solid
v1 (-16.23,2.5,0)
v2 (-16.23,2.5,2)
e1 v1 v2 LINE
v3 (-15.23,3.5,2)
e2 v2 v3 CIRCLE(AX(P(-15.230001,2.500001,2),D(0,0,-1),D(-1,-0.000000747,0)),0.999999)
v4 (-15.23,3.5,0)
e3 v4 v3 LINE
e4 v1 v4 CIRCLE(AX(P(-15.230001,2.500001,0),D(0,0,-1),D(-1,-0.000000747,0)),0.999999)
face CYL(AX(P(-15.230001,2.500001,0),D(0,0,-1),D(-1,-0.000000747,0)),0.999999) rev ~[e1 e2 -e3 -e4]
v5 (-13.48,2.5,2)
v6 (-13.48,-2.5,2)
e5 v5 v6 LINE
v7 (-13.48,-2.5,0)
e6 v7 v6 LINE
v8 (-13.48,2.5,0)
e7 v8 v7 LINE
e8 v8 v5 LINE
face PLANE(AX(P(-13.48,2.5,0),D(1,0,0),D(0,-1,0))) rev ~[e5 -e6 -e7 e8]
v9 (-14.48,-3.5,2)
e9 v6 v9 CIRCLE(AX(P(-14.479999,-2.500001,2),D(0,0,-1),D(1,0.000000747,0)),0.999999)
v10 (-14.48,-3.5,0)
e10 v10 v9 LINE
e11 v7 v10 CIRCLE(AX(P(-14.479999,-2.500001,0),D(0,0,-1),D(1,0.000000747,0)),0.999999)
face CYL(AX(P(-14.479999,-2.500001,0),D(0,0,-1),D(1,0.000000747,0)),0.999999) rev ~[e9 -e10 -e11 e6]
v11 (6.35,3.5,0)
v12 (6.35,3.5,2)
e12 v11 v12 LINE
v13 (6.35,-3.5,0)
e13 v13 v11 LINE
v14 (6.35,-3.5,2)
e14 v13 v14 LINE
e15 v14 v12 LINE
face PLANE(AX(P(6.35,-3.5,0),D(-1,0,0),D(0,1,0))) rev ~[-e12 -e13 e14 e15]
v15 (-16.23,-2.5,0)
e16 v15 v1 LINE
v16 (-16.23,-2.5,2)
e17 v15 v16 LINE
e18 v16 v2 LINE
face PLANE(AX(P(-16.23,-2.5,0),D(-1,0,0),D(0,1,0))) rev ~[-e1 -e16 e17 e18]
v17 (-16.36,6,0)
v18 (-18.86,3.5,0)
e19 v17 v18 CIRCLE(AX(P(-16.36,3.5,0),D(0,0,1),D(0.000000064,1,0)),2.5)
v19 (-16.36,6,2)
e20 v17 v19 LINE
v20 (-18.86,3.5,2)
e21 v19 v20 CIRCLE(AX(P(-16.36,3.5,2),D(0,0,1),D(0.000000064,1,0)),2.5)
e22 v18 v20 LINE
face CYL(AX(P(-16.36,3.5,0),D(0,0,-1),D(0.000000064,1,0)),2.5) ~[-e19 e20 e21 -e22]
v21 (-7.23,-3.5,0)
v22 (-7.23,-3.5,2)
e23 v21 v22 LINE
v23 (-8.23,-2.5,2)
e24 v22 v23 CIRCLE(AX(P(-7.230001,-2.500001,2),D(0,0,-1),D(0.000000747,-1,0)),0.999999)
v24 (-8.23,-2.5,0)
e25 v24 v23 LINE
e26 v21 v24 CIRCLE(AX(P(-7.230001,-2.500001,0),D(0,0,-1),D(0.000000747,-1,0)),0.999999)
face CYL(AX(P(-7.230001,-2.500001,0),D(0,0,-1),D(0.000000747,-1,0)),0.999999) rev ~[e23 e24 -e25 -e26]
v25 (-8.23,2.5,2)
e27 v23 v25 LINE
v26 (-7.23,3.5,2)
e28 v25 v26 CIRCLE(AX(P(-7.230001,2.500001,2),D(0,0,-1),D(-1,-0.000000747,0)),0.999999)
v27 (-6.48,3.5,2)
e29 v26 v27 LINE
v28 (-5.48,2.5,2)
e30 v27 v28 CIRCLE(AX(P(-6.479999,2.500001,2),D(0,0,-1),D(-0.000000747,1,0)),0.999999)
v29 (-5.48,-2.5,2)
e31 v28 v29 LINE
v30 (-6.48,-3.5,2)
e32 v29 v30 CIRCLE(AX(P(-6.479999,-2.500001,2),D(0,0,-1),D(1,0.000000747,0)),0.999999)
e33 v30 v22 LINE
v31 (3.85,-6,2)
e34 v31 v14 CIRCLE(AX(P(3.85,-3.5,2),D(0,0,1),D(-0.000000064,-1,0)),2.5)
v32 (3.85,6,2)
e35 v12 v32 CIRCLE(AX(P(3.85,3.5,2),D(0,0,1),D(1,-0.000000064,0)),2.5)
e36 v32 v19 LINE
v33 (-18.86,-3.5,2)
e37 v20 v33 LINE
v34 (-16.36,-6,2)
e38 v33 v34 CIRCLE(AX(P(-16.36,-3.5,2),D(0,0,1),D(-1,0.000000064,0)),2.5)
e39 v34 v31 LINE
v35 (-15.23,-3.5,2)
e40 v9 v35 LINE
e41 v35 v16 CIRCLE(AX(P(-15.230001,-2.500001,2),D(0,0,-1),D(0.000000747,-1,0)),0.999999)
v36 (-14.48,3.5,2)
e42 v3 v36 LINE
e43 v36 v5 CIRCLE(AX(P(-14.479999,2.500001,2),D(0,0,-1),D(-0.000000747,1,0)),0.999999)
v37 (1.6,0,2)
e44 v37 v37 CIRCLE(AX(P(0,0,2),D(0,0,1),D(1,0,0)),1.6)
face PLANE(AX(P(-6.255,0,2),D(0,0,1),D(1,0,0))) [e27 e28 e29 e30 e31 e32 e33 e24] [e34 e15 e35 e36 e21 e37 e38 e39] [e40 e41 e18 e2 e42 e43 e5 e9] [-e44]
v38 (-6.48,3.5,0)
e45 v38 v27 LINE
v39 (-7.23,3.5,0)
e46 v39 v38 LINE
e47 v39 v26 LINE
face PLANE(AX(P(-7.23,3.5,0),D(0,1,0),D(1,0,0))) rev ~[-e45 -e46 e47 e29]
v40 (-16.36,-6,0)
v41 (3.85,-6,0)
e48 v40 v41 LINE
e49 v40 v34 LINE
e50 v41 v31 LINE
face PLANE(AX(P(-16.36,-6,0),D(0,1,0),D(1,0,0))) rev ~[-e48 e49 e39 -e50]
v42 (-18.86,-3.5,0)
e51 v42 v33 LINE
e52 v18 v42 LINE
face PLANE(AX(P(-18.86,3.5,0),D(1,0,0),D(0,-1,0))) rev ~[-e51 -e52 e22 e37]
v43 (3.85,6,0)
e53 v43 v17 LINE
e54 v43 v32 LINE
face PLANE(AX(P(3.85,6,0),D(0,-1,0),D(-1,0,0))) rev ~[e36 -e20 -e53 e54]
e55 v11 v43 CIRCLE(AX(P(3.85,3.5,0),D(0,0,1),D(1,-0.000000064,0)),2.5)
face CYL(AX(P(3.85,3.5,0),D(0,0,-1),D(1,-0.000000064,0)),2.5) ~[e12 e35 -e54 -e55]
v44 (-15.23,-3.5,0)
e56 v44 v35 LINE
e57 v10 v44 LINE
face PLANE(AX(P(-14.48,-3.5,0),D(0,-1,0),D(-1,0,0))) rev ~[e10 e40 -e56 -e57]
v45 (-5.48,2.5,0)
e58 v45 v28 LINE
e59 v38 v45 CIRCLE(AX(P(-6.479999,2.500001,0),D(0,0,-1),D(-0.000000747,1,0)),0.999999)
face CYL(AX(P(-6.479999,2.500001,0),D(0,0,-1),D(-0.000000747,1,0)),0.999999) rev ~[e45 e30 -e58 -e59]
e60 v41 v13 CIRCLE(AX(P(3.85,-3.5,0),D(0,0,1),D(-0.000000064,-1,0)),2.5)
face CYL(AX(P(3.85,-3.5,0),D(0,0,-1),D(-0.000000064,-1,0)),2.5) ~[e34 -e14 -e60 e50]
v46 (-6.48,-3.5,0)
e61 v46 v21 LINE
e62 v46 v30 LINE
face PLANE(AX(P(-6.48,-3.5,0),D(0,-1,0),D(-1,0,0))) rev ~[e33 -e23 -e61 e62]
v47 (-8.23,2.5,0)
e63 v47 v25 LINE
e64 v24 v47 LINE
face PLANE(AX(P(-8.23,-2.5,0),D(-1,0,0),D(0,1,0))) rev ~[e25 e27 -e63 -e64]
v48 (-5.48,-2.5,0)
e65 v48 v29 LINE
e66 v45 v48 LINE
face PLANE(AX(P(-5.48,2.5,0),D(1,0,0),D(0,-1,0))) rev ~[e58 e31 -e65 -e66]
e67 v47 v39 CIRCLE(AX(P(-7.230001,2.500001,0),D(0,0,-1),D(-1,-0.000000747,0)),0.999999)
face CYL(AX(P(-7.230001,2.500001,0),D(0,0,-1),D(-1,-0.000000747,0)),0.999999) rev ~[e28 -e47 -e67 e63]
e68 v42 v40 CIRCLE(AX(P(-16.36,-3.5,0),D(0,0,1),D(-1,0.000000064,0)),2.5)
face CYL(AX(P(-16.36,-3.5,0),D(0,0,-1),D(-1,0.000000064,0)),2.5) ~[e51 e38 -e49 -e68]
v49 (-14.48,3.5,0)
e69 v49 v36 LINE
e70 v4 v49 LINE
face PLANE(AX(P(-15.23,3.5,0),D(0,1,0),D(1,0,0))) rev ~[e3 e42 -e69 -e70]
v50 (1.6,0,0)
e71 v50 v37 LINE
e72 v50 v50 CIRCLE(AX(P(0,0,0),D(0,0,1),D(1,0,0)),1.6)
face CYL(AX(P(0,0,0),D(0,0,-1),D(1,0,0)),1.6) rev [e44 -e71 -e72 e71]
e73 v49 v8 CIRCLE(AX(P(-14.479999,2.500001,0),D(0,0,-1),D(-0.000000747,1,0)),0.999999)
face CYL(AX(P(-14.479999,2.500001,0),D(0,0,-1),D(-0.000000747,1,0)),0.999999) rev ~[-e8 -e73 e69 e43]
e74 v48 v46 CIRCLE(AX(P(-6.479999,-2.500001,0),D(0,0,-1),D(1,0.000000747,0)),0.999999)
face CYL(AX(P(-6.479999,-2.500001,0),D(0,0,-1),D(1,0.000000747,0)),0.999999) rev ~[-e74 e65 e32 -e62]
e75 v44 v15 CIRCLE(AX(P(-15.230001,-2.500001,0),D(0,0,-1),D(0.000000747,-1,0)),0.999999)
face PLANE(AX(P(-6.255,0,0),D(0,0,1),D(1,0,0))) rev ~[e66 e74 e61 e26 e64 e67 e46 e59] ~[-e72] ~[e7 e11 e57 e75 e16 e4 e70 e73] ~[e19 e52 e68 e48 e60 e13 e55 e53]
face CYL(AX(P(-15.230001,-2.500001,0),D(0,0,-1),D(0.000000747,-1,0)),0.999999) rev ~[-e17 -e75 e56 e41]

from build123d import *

# Parameters (mm, degrees)
F0_R     = 1.6
F1_DEPTH = 2


with BuildPart() as f1:
    # F0 (on Top) → F1 (new body)
    with BuildSketch(Plane.XY):
        with BuildLine():
            Line((3.85, 6), (-16.36, 6))
            ThreePointArc((-16.36, 6), (-18.127767, 5.267767), (-18.86, 3.5))
            Line((-18.86, 3.5), (-18.86, -3.5))
            ThreePointArc((-18.86, -3.5), (-18.127767, -5.267767), (-16.36, -6))
            Line((-16.36, -6), (3.85, -6))
            ThreePointArc((3.85, -6), (5.617767, -5.267767), (6.35, -3.5))
            Line((6.35, -3.5), (6.35, 3.5))
            ThreePointArc((6.35, 3.5), (5.617767, 5.267767), (3.85, 6))
        make_face()
        with BuildLine():
            ThreePointArc((-16.23, 2.5), (-15.937107, 3.207107), (-15.23, 3.5))
            Line((-15.23, 3.5), (-14.48, 3.5))
            ThreePointArc((-14.48, 3.5), (-13.772893, 3.207107), (-13.48, 2.5))
            Line((-13.48, 2.5), (-13.48, -2.5))
            ThreePointArc((-13.48, -2.5), (-13.772893, -3.207107), (-14.48, -3.5))
            Line((-14.48, -3.5), (-15.23, -3.5))
            ThreePointArc((-15.23, -3.5), (-15.937107, -3.207107), (-16.23, -2.5))
            Line((-16.23, -2.5), (-16.23, 2.5))
        make_face(mode=Mode.SUBTRACT)
        with BuildLine():
            ThreePointArc((-8.23, 2.5), (-7.937107, 3.207107), (-7.23, 3.5))
            Line((-7.23, 3.5), (-6.48, 3.5))
            ThreePointArc((-6.48, 3.5), (-5.772893, 3.207107), (-5.48, 2.5))
            Line((-5.48, 2.5), (-5.48, -2.5))
            ThreePointArc((-5.48, -2.5), (-5.772893, -3.207107), (-6.48, -3.5))
            Line((-6.48, -3.5), (-7.23, -3.5))
            ThreePointArc((-7.23, -3.5), (-7.937107, -3.207107), (-8.23, -2.5))
            Line((-8.23, -2.5), (-8.23, 2.5))
        make_face(mode=Mode.SUBTRACT)
        Circle(F0_R, mode=Mode.SUBTRACT)
    extrude(amount=F1_DEPTH)


solid = f1.part
